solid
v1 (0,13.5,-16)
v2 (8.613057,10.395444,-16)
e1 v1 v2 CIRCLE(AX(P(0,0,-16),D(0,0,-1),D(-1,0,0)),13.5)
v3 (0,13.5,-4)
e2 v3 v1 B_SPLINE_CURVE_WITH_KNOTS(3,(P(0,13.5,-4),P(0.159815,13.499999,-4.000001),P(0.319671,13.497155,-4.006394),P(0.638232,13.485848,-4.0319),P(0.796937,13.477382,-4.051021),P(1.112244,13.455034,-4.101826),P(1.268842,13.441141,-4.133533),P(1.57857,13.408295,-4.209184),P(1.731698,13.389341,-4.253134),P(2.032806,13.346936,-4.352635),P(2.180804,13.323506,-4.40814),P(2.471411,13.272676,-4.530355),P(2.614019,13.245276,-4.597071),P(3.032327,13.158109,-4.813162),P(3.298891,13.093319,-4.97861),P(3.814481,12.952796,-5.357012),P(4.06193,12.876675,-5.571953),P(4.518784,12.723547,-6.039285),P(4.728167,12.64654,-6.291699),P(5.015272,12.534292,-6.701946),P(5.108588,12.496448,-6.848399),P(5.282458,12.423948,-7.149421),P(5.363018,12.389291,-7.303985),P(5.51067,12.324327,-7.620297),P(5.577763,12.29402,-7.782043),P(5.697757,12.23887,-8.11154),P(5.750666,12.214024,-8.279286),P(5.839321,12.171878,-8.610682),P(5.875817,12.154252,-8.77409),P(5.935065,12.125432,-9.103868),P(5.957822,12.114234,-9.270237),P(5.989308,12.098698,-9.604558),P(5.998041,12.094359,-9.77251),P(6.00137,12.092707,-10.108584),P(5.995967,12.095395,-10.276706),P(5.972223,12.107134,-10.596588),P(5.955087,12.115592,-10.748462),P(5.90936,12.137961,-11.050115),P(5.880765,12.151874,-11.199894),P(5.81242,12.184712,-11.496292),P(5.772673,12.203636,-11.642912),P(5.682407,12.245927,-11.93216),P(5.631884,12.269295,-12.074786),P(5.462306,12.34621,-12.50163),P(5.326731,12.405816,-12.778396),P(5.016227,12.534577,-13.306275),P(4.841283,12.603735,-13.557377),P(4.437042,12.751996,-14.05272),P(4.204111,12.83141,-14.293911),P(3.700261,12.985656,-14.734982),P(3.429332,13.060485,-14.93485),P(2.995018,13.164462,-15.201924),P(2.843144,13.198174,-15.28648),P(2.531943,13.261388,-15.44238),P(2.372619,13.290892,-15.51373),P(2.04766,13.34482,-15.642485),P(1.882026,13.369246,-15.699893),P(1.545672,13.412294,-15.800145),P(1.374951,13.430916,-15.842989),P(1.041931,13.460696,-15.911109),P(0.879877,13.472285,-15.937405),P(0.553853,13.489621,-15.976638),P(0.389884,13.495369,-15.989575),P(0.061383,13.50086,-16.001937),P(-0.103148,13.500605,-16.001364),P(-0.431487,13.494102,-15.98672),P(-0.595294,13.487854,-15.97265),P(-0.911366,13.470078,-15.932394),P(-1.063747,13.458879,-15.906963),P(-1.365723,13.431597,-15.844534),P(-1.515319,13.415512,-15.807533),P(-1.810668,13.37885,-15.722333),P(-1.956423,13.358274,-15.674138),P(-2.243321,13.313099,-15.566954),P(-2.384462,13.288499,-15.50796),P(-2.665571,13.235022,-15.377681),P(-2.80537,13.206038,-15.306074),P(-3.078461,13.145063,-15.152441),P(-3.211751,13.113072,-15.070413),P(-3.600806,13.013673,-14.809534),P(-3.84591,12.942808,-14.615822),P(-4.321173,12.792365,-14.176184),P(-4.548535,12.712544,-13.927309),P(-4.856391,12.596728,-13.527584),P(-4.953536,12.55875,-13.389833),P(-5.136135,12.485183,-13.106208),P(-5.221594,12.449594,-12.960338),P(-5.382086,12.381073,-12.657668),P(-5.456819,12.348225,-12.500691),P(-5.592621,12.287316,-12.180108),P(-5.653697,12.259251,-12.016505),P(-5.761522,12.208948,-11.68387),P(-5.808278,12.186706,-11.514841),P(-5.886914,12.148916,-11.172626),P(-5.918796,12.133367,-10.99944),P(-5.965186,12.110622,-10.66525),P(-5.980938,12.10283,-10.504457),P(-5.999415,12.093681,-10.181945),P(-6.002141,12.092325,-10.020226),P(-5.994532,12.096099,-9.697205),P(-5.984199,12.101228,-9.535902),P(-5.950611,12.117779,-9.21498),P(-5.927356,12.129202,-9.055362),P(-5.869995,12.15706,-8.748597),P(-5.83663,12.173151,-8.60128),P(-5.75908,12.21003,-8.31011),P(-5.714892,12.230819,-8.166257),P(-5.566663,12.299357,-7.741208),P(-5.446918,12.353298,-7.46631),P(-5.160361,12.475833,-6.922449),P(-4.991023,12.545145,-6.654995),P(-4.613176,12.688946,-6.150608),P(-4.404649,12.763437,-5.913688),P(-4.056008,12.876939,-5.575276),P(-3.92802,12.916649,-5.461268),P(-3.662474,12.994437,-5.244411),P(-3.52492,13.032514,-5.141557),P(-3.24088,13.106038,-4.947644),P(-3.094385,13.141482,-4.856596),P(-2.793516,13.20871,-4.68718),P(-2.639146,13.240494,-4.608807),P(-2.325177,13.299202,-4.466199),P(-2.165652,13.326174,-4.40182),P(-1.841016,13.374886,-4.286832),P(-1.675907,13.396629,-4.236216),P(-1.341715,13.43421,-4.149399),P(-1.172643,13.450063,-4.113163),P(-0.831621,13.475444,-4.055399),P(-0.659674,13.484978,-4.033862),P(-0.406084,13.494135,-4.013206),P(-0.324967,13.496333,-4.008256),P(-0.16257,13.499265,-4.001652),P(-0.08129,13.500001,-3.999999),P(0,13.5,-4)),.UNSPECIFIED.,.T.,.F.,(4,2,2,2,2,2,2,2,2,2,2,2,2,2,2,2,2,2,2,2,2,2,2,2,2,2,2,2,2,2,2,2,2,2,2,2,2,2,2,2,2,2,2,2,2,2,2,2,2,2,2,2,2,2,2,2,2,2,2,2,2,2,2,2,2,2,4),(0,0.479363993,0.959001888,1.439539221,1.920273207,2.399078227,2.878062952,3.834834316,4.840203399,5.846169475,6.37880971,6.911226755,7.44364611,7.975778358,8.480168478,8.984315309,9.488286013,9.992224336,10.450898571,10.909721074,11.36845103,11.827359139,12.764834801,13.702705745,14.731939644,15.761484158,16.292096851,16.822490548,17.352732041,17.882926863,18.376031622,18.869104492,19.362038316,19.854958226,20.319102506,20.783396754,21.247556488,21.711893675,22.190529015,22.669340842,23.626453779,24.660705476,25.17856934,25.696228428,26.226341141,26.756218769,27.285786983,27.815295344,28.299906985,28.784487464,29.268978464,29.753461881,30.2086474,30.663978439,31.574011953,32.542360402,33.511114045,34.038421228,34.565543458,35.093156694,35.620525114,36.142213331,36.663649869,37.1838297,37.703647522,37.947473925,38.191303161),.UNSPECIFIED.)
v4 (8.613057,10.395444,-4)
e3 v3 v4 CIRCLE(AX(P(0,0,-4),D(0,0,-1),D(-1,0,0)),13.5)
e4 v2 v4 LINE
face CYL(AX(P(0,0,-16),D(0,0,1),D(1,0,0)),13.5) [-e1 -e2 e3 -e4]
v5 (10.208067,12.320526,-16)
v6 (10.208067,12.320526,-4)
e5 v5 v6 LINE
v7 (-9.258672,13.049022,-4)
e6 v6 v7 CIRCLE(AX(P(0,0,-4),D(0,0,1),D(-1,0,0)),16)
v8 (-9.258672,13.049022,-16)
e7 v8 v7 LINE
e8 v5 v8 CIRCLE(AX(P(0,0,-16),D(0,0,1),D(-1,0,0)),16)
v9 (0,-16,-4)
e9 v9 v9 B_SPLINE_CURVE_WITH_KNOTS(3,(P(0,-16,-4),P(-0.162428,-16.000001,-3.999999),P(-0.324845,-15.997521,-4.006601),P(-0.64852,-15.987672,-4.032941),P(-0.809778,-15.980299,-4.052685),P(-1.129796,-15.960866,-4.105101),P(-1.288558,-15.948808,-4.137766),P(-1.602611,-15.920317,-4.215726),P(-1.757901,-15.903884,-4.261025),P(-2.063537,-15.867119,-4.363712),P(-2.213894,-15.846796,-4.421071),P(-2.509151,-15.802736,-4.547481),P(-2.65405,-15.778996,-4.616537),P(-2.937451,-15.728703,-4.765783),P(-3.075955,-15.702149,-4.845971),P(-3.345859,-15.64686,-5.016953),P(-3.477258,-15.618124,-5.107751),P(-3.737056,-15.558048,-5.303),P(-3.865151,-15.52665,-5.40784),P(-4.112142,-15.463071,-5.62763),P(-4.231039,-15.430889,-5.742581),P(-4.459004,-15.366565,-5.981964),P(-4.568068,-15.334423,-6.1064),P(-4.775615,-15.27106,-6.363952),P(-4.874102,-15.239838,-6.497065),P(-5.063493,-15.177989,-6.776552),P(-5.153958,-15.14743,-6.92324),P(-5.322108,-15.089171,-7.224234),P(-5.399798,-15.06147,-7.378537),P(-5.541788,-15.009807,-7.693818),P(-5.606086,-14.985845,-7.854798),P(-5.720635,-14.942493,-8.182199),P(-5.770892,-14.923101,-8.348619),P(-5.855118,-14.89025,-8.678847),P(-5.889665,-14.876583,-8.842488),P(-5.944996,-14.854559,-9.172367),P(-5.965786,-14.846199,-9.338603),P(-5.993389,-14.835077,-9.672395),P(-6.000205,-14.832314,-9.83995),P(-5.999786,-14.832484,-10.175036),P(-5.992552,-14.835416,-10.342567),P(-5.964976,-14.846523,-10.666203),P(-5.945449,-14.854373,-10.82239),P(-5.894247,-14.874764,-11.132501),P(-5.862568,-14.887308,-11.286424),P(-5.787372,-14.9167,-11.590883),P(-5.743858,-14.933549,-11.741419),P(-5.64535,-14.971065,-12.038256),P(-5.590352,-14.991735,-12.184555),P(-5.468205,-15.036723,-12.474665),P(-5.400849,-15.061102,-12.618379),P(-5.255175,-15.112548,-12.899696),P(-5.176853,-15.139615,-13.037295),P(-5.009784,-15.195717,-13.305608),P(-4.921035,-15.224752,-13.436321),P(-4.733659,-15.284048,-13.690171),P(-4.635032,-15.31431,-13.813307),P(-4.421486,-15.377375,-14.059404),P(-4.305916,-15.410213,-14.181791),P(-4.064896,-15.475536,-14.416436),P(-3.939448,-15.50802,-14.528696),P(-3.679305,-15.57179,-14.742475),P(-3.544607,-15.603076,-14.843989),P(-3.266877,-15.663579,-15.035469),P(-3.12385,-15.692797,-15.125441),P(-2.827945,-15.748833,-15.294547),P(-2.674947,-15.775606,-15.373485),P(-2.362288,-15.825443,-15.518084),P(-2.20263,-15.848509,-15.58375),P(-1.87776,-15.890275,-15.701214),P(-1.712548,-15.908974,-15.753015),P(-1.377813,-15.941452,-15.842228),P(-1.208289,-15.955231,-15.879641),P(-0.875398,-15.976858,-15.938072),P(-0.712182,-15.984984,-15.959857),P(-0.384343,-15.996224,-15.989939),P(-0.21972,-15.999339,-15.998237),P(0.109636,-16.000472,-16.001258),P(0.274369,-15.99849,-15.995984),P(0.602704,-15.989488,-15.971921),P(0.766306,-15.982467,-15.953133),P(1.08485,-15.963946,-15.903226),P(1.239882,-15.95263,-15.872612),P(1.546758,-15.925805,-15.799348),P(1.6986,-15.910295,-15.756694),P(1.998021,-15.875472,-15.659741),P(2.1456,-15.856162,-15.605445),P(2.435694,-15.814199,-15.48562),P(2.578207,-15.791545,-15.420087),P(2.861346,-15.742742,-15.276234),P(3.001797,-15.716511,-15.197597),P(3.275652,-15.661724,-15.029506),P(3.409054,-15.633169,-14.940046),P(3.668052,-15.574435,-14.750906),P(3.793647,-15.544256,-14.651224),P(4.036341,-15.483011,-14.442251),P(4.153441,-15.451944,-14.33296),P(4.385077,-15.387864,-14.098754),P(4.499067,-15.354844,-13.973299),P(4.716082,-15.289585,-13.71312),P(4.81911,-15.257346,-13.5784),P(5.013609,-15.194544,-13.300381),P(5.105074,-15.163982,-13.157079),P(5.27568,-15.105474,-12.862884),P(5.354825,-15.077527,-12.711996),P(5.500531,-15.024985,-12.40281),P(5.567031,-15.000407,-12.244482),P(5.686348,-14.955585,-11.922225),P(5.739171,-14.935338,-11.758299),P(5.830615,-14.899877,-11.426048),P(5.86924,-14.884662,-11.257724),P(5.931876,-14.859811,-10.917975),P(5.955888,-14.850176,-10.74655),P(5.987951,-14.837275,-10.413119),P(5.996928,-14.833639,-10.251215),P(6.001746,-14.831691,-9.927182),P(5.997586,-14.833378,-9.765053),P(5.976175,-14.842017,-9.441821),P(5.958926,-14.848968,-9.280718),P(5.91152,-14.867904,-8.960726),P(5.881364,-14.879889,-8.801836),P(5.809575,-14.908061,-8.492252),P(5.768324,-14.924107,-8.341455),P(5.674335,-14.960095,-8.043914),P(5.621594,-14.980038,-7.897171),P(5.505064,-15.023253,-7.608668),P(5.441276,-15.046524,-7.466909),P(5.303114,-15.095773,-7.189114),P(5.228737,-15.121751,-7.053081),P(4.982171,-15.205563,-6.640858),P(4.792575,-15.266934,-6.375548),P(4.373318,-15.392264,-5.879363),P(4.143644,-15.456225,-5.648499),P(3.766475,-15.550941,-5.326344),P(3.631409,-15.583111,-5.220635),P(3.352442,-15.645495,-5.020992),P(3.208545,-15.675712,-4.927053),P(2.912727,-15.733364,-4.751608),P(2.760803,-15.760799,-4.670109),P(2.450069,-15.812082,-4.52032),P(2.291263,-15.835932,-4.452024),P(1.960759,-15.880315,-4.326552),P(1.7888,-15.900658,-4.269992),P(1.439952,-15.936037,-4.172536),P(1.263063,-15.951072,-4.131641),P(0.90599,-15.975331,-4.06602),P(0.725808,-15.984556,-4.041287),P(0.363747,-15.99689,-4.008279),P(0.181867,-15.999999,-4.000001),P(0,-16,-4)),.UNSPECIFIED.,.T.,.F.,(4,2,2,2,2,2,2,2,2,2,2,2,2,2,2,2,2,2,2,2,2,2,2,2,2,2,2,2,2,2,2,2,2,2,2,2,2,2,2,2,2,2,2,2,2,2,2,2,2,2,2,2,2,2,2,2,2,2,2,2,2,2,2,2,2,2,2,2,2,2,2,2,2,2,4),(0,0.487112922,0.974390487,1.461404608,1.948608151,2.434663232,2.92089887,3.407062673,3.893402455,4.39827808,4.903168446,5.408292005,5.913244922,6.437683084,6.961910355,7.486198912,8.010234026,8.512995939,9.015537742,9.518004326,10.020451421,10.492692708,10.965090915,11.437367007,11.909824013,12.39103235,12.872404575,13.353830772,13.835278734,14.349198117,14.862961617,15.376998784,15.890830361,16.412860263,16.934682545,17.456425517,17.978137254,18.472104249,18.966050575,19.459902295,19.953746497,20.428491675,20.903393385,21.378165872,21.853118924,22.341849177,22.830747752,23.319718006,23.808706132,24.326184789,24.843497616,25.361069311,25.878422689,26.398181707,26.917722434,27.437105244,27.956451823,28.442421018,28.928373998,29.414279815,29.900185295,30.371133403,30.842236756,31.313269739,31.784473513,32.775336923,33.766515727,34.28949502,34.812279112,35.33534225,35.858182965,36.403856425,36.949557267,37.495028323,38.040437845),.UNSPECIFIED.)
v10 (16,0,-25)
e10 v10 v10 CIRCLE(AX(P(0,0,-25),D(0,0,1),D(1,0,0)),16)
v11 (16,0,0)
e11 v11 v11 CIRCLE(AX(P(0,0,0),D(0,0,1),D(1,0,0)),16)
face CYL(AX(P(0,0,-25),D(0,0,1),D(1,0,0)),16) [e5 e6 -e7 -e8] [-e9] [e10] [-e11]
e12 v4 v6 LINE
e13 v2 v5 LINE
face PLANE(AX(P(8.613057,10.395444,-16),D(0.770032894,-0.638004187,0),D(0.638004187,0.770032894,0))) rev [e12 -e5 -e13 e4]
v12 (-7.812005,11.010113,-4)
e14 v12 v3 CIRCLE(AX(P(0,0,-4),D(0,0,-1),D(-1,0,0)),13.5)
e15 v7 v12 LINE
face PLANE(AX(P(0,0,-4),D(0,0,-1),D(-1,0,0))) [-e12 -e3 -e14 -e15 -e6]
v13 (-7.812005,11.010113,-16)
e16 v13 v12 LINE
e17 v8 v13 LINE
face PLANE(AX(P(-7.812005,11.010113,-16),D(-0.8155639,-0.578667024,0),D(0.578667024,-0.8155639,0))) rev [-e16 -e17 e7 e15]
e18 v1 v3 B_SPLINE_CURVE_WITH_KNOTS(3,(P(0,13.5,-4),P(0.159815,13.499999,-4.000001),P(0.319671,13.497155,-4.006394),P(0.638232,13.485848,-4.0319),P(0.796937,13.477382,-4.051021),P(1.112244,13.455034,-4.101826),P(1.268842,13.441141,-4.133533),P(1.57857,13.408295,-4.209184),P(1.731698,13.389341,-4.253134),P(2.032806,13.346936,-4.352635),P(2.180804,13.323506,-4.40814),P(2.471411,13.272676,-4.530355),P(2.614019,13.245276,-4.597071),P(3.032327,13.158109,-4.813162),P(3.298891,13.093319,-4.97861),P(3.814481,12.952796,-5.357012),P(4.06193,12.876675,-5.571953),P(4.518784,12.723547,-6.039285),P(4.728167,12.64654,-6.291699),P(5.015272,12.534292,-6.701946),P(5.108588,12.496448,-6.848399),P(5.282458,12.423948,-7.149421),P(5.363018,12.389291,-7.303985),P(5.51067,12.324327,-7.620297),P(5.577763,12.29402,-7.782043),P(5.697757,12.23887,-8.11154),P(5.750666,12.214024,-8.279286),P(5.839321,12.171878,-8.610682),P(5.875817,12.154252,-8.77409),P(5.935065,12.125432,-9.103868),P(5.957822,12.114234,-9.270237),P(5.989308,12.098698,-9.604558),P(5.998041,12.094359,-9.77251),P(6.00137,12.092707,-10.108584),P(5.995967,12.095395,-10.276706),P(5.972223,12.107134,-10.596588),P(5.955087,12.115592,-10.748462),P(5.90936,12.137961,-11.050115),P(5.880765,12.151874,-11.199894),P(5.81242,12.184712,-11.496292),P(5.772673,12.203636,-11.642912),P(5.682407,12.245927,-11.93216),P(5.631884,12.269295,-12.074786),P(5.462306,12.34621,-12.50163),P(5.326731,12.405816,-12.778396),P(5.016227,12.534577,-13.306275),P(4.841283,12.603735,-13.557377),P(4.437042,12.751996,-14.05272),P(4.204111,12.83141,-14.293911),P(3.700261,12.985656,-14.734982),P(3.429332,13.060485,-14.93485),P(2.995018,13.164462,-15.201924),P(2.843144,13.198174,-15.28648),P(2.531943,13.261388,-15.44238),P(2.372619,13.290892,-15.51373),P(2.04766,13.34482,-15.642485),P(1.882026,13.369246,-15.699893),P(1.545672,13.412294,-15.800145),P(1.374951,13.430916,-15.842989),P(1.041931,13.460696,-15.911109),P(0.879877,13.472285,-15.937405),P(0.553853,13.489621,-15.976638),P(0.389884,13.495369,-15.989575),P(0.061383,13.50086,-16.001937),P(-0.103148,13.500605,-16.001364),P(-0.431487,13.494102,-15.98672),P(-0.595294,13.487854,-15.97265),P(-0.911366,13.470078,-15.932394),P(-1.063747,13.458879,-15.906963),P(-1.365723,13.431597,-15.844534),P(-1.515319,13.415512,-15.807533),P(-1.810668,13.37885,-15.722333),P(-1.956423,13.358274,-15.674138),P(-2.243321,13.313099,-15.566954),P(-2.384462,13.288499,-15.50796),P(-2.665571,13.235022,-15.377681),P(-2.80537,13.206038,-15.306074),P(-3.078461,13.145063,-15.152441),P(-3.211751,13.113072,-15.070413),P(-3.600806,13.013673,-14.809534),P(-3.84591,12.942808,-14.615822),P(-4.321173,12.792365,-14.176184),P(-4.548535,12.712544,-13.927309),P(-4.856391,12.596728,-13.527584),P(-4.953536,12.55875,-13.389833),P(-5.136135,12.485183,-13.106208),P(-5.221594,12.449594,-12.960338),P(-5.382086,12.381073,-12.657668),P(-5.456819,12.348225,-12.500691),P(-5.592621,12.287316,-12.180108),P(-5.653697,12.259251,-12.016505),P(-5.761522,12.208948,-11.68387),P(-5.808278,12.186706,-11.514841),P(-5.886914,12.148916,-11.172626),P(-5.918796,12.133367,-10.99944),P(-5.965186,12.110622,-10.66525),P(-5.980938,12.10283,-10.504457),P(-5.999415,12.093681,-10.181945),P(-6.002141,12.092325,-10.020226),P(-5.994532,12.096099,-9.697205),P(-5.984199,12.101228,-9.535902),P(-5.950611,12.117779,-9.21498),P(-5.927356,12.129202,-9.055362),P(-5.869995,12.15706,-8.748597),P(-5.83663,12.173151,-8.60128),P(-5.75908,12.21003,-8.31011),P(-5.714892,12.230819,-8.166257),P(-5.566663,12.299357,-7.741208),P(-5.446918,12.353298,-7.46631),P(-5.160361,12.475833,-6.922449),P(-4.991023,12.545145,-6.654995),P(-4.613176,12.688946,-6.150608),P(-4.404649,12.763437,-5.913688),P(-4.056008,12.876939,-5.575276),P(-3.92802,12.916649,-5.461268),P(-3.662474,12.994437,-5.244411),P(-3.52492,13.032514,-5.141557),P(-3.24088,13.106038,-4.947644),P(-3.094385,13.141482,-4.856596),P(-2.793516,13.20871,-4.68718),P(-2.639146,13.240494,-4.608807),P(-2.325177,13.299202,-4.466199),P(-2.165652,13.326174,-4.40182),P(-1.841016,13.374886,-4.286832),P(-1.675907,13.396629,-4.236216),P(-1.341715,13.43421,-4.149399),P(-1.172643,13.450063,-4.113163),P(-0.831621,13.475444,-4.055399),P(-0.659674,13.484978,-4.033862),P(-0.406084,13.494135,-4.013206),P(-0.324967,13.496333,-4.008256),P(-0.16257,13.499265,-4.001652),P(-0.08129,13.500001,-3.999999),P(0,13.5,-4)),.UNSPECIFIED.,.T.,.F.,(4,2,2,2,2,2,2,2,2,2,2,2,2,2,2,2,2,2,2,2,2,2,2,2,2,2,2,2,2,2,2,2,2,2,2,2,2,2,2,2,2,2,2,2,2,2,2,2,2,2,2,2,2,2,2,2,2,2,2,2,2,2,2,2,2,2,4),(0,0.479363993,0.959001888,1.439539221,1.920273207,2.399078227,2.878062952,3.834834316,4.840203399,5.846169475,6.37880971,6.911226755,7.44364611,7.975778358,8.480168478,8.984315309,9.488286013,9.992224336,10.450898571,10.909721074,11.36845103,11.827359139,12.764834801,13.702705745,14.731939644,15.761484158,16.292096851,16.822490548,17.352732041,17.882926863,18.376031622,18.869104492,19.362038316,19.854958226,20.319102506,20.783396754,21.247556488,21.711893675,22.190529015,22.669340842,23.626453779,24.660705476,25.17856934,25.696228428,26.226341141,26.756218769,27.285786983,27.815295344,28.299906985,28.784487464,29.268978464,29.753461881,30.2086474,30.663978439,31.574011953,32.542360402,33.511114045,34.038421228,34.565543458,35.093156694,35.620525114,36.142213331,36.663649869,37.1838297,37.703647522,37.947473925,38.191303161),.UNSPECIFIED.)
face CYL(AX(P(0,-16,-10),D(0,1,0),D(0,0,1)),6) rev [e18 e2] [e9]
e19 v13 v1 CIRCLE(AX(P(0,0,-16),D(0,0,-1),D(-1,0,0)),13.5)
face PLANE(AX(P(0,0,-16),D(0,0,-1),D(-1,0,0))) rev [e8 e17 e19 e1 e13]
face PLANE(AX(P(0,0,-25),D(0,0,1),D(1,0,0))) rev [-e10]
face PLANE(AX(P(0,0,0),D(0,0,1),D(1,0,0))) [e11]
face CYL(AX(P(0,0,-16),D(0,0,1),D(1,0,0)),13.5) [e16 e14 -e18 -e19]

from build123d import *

# Parameters (mm, degrees)
SKETCH1_R               = 16
BOSS_EXTRUDE1_DEPTH     = 25
CUT_EXTRUDE1_DEPTH      = 34.7194306
CUT_EXTRUDE1_DEPTH_BACK = 34.7194306
SKETCH2_R               = 6
CUT_EXTRUDE2_START      = -4
CUT_EXTRUDE2_DEPTH      = 12


with BuildPart() as part:
    # Sketch1 → Boss-Extrude1 (new body)
    with BuildSketch(Plane.XY):
        Circle(SKETCH1_R)
    extrude(amount=-BOSS_EXTRUDE1_DEPTH)

    # Sketch2 → Cut-Extrude1 (cut, two sides: drawn at the far end of the back side and taken through both)
    with BuildSketch(Plane(origin=(0, 0, 0), x_dir=(1, 0, 0), z_dir=(0, 1, 0)).offset(-CUT_EXTRUDE1_DEPTH_BACK)):
        with Locations(Location((0, 10, 0), (0, 0, 270))):
            Circle(SKETCH2_R)
    extrude(amount=CUT_EXTRUDE1_DEPTH + CUT_EXTRUDE1_DEPTH_BACK, mode=Mode.SUBTRACT)

    # Sketch3 → Cut-Extrude2 (cut)
    with BuildSketch(Plane.XY.offset(CUT_EXTRUDE2_START)):
        with BuildLine():
            Line((-7.81200483, 11.010112649), (-9.258672391, 13.049022398))
            ThreePointArc((-9.258672391, 13.049022398), (0.598342854, 15.988808143), (10.208066995, 12.320526296))
            Line((10.208066995, 12.320526296), (8.613056527, 10.395444063))
            ThreePointArc((8.613056527, 10.395444063), (0.504851783, 13.490556871), (-7.81200483, 11.010112649))
        make_face()
    extrude(amount=-CUT_EXTRUDE2_DEPTH, mode=Mode.SUBTRACT)


solid = part.part
